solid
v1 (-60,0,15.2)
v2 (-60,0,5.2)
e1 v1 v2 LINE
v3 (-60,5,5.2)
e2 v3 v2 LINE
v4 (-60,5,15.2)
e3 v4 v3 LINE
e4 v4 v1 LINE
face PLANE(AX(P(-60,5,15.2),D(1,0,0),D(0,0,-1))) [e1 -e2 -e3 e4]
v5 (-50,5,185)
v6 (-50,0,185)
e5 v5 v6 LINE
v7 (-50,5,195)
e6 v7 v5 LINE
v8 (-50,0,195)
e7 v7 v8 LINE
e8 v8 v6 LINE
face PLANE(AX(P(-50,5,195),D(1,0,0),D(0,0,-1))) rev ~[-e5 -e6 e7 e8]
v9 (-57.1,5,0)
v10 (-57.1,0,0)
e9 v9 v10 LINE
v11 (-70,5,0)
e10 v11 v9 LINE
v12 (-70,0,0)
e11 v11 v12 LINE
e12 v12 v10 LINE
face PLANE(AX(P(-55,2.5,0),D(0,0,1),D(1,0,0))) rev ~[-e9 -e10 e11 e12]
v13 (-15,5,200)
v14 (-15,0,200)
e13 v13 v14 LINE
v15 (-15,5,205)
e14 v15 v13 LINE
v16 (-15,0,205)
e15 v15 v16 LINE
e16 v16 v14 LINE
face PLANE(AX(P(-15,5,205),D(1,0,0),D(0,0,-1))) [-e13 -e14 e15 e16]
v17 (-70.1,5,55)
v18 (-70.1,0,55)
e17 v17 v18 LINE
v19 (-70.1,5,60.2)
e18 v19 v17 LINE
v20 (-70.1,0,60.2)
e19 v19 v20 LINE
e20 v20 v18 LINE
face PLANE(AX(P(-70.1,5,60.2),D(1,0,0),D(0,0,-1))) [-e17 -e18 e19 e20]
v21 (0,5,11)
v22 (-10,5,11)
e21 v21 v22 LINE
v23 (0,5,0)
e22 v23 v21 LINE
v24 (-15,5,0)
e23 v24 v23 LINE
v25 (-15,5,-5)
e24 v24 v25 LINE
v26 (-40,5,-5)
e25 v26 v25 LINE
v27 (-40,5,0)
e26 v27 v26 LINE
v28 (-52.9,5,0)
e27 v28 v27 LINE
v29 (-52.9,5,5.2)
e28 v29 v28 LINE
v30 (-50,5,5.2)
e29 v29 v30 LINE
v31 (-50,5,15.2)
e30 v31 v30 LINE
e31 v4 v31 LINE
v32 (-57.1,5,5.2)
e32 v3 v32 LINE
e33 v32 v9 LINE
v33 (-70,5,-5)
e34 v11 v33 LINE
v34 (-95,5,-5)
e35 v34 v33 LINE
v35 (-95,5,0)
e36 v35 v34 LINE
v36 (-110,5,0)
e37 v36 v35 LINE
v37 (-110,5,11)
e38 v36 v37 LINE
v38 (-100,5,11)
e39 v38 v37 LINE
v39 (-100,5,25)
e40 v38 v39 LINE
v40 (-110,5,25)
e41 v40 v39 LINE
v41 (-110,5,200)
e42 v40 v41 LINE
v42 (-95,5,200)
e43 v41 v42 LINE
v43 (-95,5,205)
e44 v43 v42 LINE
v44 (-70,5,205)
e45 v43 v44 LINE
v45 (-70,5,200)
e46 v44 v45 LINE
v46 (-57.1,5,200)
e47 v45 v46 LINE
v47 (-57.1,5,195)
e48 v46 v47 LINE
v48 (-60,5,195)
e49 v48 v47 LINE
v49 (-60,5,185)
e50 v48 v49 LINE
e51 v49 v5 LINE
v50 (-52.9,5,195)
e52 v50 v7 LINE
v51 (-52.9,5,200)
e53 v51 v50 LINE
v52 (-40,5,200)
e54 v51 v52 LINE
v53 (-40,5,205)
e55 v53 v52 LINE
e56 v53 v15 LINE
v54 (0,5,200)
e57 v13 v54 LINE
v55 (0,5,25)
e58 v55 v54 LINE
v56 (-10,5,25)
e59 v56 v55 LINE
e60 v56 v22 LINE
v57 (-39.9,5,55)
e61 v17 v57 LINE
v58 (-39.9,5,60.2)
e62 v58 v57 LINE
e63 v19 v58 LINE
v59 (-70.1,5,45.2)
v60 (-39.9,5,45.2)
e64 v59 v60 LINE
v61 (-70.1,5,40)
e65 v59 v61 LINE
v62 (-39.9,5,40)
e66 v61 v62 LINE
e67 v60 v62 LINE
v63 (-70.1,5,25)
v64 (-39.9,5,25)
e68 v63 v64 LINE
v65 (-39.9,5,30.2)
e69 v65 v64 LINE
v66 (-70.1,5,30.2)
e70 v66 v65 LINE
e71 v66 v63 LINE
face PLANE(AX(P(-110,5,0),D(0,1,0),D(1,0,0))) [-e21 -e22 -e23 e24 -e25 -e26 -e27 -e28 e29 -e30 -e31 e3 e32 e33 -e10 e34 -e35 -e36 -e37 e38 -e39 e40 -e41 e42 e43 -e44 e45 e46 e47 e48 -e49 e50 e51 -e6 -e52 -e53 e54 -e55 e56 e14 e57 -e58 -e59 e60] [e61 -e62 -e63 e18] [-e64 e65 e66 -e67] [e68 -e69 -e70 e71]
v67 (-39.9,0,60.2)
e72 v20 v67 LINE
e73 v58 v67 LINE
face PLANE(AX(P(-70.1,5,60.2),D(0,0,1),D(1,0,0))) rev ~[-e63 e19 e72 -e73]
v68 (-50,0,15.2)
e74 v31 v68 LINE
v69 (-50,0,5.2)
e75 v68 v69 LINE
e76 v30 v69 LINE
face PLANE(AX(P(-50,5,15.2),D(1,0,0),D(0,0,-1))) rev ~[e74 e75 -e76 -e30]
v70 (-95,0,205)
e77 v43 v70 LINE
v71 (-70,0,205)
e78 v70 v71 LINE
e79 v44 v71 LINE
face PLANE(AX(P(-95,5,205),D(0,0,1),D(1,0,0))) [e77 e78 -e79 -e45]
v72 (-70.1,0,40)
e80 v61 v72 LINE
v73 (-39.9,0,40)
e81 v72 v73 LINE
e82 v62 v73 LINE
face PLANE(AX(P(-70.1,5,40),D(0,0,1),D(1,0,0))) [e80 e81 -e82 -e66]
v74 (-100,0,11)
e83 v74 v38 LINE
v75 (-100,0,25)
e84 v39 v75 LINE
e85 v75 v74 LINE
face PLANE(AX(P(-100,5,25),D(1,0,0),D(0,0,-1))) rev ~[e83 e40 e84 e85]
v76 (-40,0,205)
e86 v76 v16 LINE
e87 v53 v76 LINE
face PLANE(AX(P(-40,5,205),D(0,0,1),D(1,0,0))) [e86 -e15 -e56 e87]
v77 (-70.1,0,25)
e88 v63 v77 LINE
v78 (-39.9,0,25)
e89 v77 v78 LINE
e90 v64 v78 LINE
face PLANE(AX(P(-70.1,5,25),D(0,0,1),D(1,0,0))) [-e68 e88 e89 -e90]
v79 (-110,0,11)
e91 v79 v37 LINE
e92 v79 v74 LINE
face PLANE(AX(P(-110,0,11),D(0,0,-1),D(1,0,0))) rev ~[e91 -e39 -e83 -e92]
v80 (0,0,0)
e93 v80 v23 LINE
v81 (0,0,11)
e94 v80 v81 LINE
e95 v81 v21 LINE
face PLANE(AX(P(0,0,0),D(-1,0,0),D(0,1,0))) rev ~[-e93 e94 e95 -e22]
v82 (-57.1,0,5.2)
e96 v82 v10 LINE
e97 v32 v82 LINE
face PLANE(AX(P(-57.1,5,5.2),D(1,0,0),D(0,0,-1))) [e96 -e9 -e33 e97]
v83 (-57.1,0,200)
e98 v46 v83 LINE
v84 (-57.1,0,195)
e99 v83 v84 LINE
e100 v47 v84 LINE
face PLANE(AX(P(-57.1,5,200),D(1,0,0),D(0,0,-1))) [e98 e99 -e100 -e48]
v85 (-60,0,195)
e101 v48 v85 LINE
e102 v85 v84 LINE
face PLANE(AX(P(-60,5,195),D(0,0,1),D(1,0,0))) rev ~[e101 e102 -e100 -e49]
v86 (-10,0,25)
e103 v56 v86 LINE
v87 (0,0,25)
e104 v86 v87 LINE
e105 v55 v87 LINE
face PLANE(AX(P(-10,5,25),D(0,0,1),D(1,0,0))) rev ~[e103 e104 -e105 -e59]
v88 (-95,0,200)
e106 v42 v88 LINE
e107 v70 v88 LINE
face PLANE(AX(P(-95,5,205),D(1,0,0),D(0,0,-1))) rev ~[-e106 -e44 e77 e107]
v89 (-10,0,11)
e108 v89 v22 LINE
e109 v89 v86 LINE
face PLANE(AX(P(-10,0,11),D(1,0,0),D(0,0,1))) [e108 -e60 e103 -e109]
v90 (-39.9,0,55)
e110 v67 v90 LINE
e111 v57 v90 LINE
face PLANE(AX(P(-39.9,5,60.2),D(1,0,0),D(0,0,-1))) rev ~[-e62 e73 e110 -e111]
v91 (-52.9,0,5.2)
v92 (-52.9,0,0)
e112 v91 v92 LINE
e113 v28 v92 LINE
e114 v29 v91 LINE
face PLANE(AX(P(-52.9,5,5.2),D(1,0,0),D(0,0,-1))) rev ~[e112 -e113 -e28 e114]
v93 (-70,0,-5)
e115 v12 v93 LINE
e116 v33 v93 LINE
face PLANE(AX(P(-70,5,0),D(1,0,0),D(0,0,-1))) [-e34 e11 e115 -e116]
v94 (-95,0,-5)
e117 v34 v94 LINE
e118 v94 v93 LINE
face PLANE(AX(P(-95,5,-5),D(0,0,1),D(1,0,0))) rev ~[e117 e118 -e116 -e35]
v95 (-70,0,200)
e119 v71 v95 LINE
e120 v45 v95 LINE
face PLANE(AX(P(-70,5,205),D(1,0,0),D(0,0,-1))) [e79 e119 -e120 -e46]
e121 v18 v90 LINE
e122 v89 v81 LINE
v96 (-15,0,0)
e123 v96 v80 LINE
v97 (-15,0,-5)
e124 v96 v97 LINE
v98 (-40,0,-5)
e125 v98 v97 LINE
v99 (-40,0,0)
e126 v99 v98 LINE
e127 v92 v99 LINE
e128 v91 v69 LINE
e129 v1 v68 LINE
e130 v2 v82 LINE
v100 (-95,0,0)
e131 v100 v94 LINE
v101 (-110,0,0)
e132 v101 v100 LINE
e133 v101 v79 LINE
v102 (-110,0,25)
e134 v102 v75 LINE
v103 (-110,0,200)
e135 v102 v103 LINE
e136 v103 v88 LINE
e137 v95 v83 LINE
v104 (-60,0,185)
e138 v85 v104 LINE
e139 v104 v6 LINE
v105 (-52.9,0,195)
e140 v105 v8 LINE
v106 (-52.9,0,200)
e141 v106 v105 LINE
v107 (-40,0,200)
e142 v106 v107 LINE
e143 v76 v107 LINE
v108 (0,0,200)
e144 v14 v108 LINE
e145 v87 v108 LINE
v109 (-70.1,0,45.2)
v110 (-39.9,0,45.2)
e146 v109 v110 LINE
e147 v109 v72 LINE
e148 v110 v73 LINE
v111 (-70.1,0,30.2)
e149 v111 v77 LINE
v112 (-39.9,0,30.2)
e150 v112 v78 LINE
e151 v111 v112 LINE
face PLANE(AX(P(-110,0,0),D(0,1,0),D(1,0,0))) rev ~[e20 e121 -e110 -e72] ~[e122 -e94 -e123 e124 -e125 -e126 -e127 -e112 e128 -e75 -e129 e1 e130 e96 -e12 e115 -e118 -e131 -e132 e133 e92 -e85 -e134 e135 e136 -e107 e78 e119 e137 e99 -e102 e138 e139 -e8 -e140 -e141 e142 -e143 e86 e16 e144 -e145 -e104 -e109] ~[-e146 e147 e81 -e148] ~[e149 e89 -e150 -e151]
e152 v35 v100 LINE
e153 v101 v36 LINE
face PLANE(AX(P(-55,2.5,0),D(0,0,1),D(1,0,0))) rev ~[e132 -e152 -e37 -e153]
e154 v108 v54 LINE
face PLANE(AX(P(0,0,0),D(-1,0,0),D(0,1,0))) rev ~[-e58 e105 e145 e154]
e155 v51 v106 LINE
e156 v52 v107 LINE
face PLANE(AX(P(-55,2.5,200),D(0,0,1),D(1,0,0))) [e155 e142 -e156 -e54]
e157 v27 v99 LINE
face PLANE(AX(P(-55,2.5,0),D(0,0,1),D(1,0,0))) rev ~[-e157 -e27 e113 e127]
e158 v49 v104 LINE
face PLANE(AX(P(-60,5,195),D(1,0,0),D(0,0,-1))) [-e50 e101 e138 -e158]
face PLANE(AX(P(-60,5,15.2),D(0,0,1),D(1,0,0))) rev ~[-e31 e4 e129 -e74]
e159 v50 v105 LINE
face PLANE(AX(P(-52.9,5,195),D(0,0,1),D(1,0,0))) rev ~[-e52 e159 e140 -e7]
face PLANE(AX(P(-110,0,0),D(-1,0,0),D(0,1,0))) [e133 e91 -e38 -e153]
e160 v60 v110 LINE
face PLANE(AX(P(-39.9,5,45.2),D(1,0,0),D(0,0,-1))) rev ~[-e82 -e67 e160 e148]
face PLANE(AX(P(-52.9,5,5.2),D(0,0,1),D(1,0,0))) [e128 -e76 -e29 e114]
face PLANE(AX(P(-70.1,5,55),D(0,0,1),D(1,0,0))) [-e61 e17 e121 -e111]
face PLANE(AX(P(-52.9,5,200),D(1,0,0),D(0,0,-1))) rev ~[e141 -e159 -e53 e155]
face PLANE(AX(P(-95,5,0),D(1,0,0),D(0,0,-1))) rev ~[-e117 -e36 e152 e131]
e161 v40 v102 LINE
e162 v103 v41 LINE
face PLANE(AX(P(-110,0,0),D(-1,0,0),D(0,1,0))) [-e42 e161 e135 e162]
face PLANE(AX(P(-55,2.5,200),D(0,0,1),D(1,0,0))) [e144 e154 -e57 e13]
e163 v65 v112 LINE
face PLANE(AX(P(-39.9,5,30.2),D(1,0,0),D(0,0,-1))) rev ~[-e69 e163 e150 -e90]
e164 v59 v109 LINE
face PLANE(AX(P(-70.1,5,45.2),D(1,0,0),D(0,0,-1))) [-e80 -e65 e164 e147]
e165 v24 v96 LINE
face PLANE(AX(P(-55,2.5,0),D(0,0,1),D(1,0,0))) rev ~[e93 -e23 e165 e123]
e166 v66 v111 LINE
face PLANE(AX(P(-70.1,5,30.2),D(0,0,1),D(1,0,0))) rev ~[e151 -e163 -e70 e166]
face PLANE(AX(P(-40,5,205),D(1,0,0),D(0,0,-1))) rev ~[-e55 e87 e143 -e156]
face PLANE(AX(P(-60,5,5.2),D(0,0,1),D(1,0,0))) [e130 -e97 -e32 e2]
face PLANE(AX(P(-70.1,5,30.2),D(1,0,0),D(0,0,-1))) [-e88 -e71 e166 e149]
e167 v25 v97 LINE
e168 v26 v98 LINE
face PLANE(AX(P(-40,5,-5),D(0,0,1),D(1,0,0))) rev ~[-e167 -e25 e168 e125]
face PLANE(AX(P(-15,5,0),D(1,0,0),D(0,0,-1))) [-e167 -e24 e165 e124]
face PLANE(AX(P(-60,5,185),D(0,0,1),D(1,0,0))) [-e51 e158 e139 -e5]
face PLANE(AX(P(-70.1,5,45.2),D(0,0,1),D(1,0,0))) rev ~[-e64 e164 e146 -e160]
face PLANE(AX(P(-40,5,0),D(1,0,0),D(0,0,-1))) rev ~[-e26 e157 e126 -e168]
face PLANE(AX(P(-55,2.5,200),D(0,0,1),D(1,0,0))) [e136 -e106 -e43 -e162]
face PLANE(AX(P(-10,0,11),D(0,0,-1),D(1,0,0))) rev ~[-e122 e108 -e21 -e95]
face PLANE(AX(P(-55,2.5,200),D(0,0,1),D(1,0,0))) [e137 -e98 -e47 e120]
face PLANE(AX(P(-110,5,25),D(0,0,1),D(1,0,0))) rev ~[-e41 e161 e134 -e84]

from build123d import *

# Parameters (mm, degrees)
SKETCH1_W           = 110
SKETCH1_H           = 5
BOSS_EXTRUDE1_DEPTH = 200
SKETCH2_W           = 25
SKETCH2_H           = 5
BOSS_EXTRUDE2_DEPTH = 5
SKETCH4_W           = 30.2
SKETCH4_H           = 5.2
CUT_EXTRUDE1_DEPTH  = 5
SKETCH5_W           = 4.2
SKETCH5_H           = 5.2
SKETCH5_W_2         = 10
SKETCH5_H_2         = 10
SKETCH5_H_3         = 5
CUT_EXTRUDE2_DEPTH  = 10
SKETCH6_W           = 10
SKETCH6_H           = 5
CUT_EXTRUDE3_DEPTH  = 5
SKETCH7_W           = 10
SKETCH7_H           = 9
CUT_EXTRUDE4_DEPTH  = 10


with BuildPart() as part:
    # Sketch1 → Boss-Extrude1 (new body)
    with BuildSketch(Plane.XY):
        with Locations((-55, 2.5)):
            Rectangle(SKETCH1_W, SKETCH1_H)
    extrude(amount=BOSS_EXTRUDE1_DEPTH)

    # Sketch2 → Boss-Extrude2 (add)
    with BuildSketch(Plane(origin=(0, 5, 0), x_dir=(1, 0, 0), z_dir=(0, 1, 0))):
        with Locations((-82.5, 2.5)):
            Rectangle(SKETCH2_W, SKETCH2_H)
        with Locations((-27.5, 2.5)):
            Rectangle(SKETCH2_W, SKETCH2_H)
        with Locations((-27.5, -202.5)):
            Rectangle(SKETCH2_W, SKETCH2_H)
        with Locations((-82.5, -202.5)):
            Rectangle(SKETCH2_W, SKETCH2_H)
    extrude(amount=-BOSS_EXTRUDE2_DEPTH)

    # Sketch4 → Cut-Extrude1 (cut)
    with BuildSketch(Plane(origin=(0, 5, 0), x_dir=(1, 0, 0), z_dir=(0, 1, 0))):
        with Locations((-55, -27.6)):
            Rectangle(SKETCH4_W, SKETCH4_H)
        with Locations((-55, -42.6)):
            Rectangle(SKETCH4_W, SKETCH4_H)
        with Locations((-55, -57.6)):
            Rectangle(SKETCH4_W, SKETCH4_H)
    extrude(amount=-CUT_EXTRUDE1_DEPTH, mode=Mode.SUBTRACT)

    # Sketch5 → Cut-Extrude2 (cut)
    with BuildSketch(Plane(origin=(0, 5, 0), x_dir=(1, 0, 0), z_dir=(0, 1, 0))):
        with Locations((-55, -2.6)):
            Rectangle(SKETCH5_W, SKETCH5_H)
        with Locations((-55, -10.2)):
            Rectangle(SKETCH5_W_2, SKETCH5_H_2)
        with Locations((-55, -197.5)):
            Rectangle(SKETCH5_W, SKETCH5_H_3)
        with Locations((-55, -190)):
            Rectangle(SKETCH5_W_2, SKETCH5_H_2)
    extrude(amount=-CUT_EXTRUDE2_DEPTH, mode=Mode.SUBTRACT)

    # Sketch6 → Cut-Extrude3 (cut)
    with BuildSketch(Plane(origin=(0, 5, 0), x_dir=(1, 0, 0), z_dir=(0, 1, 0))):
        with Locations((-105, -22.5)):
            Rectangle(SKETCH6_W, SKETCH6_H)
        with Locations((-5, -22.5)):
            Rectangle(SKETCH6_W, SKETCH6_H)
    extrude(amount=-CUT_EXTRUDE3_DEPTH, mode=Mode.SUBTRACT)

    # Sketch7 → Cut-Extrude4 (cut)
    with BuildSketch(Plane.XZ):
        with Locations((-5, 15.5)):
            Rectangle(SKETCH7_W, SKETCH7_H)
        with Locations((-105, 15.5)):
            Rectangle(SKETCH7_W, SKETCH7_H)
    extrude(amount=-CUT_EXTRUDE4_DEPTH, mode=Mode.SUBTRACT)


solid = part.part
